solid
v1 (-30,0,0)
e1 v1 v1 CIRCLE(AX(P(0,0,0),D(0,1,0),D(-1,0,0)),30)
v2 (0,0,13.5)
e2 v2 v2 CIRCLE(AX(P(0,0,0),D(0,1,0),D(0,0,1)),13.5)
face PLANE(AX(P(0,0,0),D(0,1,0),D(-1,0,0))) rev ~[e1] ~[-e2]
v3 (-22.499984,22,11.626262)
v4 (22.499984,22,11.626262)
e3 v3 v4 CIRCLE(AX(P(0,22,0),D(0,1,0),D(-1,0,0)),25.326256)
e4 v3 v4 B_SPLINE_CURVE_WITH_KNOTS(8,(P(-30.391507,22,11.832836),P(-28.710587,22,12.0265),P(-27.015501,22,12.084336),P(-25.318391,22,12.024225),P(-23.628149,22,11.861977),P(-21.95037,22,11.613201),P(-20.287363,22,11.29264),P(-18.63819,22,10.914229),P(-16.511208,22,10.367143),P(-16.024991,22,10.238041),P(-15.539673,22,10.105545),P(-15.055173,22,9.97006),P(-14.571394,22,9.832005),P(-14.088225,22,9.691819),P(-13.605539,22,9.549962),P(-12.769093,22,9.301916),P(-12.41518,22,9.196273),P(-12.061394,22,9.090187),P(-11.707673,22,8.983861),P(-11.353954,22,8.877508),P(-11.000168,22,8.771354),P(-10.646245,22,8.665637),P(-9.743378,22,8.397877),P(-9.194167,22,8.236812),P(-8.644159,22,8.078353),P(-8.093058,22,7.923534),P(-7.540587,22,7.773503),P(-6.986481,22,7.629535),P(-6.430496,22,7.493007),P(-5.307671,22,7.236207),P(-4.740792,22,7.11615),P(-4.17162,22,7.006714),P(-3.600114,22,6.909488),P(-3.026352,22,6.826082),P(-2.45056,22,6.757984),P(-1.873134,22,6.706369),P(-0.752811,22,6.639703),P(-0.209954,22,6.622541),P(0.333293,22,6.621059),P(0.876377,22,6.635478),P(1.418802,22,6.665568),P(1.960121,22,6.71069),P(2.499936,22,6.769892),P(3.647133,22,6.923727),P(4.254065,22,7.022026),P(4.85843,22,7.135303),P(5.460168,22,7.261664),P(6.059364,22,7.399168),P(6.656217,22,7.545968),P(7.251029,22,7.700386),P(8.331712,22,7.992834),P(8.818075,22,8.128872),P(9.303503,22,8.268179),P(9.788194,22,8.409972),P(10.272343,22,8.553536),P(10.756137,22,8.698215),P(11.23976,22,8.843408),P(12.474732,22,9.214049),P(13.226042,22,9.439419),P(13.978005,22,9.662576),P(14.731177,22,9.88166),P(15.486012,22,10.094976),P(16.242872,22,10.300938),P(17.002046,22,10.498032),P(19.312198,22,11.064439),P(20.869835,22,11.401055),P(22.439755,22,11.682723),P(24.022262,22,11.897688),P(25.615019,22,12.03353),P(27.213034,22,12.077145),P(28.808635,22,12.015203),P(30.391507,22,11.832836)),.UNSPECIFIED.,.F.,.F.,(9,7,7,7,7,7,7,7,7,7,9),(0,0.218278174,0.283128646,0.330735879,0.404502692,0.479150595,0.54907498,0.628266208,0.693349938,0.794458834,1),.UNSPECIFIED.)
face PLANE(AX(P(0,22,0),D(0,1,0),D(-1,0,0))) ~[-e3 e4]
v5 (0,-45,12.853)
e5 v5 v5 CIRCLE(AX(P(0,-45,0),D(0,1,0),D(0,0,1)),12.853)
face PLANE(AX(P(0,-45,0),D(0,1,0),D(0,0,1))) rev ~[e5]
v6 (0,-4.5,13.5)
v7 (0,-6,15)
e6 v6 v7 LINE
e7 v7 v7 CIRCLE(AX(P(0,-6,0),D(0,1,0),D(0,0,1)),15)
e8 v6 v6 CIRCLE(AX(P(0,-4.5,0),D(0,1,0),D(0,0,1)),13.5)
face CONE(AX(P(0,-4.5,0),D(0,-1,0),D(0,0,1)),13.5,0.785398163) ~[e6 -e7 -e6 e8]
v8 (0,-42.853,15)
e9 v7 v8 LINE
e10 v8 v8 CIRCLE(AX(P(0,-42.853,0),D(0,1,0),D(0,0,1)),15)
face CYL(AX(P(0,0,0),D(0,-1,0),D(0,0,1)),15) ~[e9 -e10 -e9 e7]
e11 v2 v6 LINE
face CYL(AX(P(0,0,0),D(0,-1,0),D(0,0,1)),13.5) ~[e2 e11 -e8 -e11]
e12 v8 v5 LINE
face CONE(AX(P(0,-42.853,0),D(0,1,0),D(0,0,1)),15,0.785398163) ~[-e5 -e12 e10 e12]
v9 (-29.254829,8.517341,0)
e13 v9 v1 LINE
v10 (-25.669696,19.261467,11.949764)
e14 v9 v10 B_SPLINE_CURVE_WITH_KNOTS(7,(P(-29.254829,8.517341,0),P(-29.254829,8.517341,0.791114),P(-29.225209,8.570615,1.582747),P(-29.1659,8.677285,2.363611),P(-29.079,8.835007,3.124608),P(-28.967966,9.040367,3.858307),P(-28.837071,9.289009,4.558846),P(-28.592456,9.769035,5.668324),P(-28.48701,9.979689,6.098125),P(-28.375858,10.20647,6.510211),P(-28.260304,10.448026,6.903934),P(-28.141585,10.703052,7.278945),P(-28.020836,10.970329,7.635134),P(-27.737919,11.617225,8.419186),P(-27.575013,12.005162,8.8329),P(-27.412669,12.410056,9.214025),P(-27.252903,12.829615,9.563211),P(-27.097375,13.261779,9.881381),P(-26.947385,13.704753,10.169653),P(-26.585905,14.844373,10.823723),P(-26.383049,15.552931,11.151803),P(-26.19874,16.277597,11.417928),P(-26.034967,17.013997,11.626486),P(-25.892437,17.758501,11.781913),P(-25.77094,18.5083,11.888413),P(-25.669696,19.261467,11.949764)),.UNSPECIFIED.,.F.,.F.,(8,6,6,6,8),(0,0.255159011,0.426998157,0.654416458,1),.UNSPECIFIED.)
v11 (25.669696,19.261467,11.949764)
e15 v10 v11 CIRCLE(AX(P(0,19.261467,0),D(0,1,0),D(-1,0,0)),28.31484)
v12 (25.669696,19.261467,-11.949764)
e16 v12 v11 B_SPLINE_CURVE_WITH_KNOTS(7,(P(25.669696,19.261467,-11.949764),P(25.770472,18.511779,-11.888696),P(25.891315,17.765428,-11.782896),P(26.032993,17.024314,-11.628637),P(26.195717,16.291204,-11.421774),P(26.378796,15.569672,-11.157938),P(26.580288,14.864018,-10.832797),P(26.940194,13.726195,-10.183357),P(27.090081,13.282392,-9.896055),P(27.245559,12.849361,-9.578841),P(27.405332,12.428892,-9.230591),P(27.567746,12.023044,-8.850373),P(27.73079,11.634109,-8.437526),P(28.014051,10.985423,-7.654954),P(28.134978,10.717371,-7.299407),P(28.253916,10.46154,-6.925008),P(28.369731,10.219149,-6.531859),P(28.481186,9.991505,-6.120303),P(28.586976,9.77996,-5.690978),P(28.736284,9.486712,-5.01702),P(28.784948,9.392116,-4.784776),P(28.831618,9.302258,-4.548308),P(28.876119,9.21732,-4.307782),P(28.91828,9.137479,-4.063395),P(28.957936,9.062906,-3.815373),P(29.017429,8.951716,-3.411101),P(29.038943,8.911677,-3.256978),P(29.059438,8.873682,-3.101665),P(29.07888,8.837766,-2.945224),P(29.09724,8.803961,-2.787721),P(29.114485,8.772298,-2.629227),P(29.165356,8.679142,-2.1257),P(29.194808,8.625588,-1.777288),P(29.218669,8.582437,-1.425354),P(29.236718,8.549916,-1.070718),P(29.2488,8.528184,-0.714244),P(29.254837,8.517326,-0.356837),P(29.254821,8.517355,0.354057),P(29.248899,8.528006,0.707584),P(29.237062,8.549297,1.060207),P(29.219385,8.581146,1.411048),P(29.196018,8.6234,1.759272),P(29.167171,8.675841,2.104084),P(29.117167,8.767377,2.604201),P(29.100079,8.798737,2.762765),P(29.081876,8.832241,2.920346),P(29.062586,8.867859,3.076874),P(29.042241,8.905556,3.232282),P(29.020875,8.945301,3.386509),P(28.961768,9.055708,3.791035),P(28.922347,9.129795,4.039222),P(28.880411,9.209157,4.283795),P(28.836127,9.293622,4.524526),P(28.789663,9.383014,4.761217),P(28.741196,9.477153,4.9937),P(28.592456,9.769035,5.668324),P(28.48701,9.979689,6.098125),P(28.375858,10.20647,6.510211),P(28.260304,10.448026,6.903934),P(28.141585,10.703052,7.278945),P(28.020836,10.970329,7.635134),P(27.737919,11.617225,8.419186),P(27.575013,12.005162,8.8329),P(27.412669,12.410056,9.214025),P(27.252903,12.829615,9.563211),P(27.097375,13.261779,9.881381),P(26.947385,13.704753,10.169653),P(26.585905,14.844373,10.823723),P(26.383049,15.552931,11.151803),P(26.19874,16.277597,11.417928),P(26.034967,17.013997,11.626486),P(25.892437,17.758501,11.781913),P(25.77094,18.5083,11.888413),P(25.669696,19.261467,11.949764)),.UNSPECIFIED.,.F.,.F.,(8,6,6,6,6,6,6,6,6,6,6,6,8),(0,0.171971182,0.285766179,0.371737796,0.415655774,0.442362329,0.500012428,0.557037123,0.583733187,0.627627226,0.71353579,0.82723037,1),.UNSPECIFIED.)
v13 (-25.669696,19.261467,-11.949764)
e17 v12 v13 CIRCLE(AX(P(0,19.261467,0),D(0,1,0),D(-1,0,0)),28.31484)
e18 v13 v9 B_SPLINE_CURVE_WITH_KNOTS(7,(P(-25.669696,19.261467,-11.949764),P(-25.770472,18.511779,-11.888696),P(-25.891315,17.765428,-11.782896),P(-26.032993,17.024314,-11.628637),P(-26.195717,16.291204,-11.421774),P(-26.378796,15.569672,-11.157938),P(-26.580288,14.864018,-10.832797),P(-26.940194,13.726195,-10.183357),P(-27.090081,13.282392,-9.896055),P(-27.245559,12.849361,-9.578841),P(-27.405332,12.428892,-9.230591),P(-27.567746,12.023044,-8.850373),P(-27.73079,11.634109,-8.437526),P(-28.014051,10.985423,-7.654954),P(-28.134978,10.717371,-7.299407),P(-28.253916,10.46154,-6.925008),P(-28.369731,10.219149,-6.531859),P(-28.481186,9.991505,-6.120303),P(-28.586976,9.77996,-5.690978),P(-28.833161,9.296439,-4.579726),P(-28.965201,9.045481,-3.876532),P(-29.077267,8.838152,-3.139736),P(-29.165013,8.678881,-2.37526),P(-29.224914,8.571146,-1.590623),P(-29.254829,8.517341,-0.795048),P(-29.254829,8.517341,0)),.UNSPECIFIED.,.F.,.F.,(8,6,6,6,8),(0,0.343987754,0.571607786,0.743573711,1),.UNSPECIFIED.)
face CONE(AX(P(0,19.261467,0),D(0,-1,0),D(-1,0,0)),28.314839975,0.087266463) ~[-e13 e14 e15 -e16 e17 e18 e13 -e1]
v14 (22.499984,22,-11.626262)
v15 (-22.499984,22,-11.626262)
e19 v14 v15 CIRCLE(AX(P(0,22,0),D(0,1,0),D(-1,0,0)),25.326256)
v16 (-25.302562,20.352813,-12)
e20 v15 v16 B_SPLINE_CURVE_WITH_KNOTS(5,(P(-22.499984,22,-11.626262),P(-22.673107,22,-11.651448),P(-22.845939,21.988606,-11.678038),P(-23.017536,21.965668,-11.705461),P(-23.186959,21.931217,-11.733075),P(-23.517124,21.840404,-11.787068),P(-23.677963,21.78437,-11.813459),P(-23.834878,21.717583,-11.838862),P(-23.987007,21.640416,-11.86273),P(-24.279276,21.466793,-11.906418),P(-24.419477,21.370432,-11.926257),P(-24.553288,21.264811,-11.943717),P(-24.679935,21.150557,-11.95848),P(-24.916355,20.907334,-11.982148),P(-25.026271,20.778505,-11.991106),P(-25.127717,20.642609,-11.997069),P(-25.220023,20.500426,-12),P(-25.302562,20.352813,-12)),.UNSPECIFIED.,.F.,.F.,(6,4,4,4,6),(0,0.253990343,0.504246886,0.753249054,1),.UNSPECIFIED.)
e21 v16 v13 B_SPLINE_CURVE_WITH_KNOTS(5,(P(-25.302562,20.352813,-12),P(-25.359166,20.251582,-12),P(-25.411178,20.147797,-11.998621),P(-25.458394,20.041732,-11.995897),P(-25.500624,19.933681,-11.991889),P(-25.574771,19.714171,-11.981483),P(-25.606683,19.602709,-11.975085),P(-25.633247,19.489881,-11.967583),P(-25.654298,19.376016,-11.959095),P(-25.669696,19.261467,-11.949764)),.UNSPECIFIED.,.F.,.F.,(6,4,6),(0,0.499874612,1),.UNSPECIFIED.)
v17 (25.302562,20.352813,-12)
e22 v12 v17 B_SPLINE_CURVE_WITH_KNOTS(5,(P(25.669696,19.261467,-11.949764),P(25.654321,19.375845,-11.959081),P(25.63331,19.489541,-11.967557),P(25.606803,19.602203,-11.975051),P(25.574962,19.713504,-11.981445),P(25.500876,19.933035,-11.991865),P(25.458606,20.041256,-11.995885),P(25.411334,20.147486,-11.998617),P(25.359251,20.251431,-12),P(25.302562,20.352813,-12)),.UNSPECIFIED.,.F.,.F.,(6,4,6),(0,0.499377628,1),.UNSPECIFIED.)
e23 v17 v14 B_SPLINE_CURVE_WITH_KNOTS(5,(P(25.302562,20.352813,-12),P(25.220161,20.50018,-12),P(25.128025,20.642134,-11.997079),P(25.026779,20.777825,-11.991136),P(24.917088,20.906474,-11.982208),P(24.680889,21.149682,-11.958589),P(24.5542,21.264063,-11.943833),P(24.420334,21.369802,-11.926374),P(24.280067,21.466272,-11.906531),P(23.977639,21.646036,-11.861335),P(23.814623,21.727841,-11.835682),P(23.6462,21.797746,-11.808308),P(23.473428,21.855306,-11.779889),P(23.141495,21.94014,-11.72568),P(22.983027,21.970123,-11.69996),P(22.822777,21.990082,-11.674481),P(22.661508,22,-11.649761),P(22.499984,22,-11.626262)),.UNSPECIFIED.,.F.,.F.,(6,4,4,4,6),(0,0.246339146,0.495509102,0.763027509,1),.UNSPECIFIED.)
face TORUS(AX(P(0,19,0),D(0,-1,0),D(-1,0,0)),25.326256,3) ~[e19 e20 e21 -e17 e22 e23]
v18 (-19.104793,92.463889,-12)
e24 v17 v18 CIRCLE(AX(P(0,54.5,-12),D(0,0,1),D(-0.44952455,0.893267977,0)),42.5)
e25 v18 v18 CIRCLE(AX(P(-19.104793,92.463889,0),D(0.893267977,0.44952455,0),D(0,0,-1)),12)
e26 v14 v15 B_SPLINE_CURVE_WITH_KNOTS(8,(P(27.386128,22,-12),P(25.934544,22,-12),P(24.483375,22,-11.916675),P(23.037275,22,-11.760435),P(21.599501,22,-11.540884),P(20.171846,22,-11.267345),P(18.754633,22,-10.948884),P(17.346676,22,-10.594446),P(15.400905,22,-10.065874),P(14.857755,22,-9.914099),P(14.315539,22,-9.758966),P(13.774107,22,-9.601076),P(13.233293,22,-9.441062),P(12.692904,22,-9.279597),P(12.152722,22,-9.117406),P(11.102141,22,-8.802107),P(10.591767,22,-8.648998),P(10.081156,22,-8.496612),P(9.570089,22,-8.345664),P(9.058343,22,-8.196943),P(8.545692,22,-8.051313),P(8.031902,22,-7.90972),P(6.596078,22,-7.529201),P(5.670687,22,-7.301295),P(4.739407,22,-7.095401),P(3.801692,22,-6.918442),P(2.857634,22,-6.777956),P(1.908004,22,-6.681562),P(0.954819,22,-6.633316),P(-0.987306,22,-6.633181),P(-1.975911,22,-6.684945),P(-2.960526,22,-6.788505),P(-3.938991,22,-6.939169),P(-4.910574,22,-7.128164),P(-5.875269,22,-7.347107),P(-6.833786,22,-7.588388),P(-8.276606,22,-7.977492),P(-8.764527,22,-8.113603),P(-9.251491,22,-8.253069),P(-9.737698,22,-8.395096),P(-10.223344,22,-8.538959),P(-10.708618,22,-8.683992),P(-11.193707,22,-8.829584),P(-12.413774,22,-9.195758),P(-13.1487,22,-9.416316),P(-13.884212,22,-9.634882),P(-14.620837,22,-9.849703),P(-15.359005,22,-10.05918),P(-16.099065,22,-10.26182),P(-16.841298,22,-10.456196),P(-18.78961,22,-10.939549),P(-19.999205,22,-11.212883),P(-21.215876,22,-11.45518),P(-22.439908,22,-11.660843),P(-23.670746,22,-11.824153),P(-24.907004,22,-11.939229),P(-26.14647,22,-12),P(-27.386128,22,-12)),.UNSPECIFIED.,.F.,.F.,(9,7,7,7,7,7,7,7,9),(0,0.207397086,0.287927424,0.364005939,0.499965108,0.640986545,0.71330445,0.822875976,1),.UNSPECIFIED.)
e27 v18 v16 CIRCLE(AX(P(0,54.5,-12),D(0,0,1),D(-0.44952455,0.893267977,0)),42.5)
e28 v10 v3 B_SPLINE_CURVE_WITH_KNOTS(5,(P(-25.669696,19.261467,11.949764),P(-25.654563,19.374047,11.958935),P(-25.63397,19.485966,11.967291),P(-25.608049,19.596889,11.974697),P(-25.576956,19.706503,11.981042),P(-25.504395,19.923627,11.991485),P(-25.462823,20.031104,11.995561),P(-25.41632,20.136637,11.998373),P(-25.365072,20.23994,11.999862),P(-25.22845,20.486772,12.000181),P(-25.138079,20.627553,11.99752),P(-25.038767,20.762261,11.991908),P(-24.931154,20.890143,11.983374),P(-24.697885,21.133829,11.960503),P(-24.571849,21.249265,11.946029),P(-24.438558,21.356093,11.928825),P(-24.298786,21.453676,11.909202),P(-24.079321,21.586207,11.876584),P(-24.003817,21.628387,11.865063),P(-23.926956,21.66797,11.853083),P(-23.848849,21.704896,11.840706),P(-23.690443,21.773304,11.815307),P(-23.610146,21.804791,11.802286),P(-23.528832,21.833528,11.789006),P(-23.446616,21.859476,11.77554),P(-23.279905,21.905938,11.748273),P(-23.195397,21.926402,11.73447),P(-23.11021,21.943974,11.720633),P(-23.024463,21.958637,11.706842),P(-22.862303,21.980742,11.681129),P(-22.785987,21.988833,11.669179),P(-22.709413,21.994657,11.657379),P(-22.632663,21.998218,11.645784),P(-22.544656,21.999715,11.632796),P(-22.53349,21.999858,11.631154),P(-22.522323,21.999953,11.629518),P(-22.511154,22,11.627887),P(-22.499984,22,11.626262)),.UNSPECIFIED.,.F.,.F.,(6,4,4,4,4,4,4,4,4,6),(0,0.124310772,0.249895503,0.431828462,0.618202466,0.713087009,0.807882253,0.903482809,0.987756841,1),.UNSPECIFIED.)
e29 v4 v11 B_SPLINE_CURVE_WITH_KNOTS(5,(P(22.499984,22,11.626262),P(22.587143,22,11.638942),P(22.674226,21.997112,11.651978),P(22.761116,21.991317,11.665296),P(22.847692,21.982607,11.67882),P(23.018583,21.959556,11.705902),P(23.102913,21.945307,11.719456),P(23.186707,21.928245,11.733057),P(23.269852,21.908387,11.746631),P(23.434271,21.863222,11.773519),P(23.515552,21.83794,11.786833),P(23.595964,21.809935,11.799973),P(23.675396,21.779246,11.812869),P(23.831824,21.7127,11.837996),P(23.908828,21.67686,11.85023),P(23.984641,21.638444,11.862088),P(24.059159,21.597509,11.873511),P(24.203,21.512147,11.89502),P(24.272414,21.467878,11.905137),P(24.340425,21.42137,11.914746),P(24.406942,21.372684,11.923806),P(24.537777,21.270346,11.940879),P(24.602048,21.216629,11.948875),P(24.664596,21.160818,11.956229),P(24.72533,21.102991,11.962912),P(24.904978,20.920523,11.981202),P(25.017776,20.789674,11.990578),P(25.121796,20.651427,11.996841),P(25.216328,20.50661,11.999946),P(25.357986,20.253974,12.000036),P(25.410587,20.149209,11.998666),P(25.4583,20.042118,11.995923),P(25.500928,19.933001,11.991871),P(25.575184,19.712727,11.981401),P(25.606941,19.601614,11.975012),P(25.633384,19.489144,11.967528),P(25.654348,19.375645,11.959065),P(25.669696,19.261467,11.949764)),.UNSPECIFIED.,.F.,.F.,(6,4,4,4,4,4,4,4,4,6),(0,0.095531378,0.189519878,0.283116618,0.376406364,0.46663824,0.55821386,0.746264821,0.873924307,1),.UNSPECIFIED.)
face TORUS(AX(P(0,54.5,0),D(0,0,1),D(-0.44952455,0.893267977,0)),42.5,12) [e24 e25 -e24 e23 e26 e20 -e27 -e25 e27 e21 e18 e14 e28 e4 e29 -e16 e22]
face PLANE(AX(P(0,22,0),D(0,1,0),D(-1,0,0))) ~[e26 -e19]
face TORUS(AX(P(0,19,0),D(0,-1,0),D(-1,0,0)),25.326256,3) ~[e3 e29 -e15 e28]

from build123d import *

# Parameters (mm, degrees)
SZKIC1_R = 12


with BuildPart() as part:
    # Szkic2 → Obrót1 (revolve)
    with BuildSketch(Plane.XY, mode=Mode.PRIVATE) as obr_t1_sk:
        with BuildLine():
            Line((0, 22), (25.32625588, 22))
            ThreePointArc((25.32625588, 22), (27.353026503, 21.21183201), (28.314839975, 19.261467228))
            Line((28.314839975, 19.261467228), (30, 0))
            Line((30, 0), (0, 0))
            Line((0, 0), (0, 22))
        make_face()
    revolve(obr_t1_sk.sketch.rotate(Axis((0, 0, 0), (0, 1, 0)), 180), axis=Axis((0, 0, 0), (0, 1, 0)))

    # Szkic1 → Obrót2 (revolve)
    with BuildSketch(Plane(origin=(0, 0, 0), x_dir=(0, 0, -1), z_dir=(1, 0, 0)), mode=Mode.PRIVATE) as obr_t2_sk:
        with Locations((0, 97)):
            Circle(SZKIC1_R)
    revolve(obr_t2_sk.sketch.rotate(Axis((0, 54.5, -12), (0, 0, 1)), 26.713183652), axis=Axis((0, 54.5, -12), (0, 0, 1)))

    # Szkic3 → Obrót3 (revolve)
    with BuildSketch(Plane.XY, mode=Mode.PRIVATE) as obr_t3_sk:
        Polygon((0, 0), (15, 0), (15, -42.853), (12.853, -45), (0, -45), align=None)
    revolve(obr_t3_sk.sketch.rotate(Axis((0, -45, 0), (0, 1, 0)), 270), axis=Axis((0, -45, 0), (0, 1, 0)))

    # Szkic4 → Wycięcie-obrót1 (revolve, cut)
    with BuildSketch(Plane.XY, mode=Mode.PRIVATE) as wyci_cie_obr_t1_sk:
        Polygon((13.5, 0), (13.5, -4.5), (15, -6), (15, 0), align=None)
    revolve(wyci_cie_obr_t1_sk.sketch.rotate(Axis((0, -45, 0), (0, 1, 0)), 270), axis=Axis((0, -45, 0), (0, 1, 0)), mode=Mode.SUBTRACT)


solid = part.part
